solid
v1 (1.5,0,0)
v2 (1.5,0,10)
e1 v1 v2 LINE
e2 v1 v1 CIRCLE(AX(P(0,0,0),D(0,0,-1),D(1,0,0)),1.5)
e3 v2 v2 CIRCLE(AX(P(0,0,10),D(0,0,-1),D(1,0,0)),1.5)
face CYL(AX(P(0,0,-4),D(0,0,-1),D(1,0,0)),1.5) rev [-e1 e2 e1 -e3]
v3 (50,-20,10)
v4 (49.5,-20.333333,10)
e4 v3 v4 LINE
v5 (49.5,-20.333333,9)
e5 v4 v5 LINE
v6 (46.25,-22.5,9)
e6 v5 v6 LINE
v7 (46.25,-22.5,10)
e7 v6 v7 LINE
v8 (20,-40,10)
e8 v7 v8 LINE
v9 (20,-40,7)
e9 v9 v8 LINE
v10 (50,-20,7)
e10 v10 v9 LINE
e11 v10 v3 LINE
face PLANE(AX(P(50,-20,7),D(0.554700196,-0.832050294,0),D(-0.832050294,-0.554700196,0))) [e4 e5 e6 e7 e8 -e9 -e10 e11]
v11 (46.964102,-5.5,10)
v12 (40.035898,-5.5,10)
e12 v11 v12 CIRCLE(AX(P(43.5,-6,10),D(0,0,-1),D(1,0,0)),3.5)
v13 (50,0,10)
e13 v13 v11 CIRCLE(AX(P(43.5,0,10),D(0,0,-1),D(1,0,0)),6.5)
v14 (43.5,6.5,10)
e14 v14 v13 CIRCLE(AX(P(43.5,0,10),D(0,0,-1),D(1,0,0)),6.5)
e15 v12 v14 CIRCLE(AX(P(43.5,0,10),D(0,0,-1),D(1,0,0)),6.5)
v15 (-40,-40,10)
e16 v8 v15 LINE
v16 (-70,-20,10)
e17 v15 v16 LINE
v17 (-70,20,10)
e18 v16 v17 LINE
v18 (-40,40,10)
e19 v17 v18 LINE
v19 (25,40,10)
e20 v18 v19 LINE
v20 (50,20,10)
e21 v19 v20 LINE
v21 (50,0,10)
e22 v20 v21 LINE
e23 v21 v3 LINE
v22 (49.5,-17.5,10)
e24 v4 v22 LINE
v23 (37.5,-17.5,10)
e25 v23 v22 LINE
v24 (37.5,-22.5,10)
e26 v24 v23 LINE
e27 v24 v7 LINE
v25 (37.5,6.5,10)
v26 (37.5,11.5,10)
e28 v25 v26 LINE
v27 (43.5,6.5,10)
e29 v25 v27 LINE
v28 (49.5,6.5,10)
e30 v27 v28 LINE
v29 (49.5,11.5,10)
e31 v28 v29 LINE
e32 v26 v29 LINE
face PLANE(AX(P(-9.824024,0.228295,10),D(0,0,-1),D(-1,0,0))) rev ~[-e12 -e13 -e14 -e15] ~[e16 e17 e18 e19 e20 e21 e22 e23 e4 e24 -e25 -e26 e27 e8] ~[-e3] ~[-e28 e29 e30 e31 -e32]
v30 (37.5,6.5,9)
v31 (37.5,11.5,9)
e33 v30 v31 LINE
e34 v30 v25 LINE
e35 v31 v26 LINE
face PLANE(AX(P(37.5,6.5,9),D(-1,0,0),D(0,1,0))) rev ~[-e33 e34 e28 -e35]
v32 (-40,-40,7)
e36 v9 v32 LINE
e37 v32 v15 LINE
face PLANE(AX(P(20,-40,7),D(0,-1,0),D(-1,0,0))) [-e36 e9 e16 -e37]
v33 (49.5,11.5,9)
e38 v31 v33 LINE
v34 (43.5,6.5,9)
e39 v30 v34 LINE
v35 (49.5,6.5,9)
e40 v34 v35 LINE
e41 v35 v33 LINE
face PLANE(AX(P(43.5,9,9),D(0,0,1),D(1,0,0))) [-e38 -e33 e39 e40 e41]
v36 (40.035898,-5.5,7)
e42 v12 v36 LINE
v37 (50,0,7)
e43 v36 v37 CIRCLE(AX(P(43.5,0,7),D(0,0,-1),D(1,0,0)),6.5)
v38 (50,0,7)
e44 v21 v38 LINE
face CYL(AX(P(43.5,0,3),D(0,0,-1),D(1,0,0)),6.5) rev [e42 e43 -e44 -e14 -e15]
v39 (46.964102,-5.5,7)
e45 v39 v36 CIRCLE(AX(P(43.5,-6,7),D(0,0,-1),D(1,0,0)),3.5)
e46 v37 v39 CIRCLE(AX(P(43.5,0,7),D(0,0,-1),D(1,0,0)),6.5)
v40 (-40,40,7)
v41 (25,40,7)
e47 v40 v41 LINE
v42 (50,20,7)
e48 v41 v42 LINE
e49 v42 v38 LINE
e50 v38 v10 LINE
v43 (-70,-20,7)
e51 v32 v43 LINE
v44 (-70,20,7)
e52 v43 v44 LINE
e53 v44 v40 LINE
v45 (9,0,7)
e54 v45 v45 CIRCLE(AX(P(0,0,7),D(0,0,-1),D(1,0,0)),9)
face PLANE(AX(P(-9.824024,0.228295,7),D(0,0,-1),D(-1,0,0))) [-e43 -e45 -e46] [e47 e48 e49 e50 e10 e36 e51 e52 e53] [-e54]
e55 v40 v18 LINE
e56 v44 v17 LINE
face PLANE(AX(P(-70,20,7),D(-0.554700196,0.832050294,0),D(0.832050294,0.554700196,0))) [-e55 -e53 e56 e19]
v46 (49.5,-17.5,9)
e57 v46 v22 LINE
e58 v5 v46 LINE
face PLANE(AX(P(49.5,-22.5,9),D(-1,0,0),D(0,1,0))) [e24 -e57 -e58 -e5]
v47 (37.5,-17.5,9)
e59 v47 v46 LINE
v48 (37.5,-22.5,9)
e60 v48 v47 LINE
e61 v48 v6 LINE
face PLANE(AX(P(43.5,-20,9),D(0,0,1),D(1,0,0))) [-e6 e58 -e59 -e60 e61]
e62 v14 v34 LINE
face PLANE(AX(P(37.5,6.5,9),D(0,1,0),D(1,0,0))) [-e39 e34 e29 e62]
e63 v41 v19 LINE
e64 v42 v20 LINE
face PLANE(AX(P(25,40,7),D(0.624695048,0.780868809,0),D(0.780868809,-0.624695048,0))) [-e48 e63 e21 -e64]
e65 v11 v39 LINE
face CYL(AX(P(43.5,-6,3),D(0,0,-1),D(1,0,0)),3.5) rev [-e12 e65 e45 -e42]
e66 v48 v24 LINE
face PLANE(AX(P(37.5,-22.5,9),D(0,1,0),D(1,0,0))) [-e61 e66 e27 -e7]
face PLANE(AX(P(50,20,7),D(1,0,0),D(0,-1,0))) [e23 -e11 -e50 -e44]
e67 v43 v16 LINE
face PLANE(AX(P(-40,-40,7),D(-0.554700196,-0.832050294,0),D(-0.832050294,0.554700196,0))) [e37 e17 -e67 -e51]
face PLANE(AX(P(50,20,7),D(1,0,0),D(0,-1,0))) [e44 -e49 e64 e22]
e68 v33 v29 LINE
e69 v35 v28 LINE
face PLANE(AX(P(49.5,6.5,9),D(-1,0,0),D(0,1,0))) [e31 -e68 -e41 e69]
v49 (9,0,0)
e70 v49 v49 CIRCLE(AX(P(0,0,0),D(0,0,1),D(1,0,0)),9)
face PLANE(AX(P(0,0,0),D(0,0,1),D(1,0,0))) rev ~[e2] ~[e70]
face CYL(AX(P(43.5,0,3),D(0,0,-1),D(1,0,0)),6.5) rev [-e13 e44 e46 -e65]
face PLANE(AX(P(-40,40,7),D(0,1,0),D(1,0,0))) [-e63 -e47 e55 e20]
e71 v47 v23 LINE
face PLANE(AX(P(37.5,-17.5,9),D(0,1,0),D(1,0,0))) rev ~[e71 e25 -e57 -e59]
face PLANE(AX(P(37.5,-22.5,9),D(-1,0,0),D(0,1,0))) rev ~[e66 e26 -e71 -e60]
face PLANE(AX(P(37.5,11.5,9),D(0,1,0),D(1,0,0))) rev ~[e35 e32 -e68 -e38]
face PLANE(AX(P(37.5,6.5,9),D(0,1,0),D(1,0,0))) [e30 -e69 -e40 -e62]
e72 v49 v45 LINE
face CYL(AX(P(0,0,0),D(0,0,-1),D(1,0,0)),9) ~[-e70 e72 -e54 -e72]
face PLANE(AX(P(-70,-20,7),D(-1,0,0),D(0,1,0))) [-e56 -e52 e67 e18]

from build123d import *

# Parameters (mm, degrees)
BOX003_W          = 12
BOX003_H          = 5
BOX003_DEPTH      = 9
BOX002_W          = 12
BOX002_H          = 5
BOX002_DEPTH      = 9
CYLINDER007_R     = 3.5
CYLINDER007_DEPTH = 10
CYLINDER006_R     = 6.5
CYLINDER006_DEPTH = 10
BOX001_W          = 11
BOX001_H          = 4
BOX001_DEPTH      = 9
CYLINDER005_R     = 1.5
CYLINDER005_DEPTH = 20
PAD003_DEPTH      = 3
CYLINDER001_R     = 9
CYLINDER001_DEPTH = 9


with BuildPart() as cube003:
    # Box003 → Box003 (new body)
    with BuildSketch(Plane(origin=(37.5, -22.5, 9), x_dir=(1, 0, 0), z_dir=(0, 0, 1))):
        with Locations((6, 2.5)):
            Rectangle(BOX003_W, BOX003_H)
    extrude(amount=BOX003_DEPTH)


with BuildPart() as fusion006:
    # Box002 → Box002 (new body)
    with BuildSketch(Plane(origin=(37.5, 6.5, 9), x_dir=(1, 0, 0), z_dir=(0, 0, 1))):
        with Locations((6, 2.5)):
            Rectangle(BOX002_W, BOX002_H)
    extrude(amount=BOX002_DEPTH)

    # Fusion006: union Cube003
    add(cube003.part)


with BuildPart() as cylinder007:
    # Cylinder007 → Cylinder007 (new body)
    with BuildSketch(Plane(origin=(43.5, -6, 3), x_dir=(1, 0, 0), z_dir=(0, 0, 1))):
        Circle(CYLINDER007_R)
    extrude(amount=CYLINDER007_DEPTH)


with BuildPart() as fusion005:
    # Cylinder006 → Cylinder006 (new body)
    with BuildSketch(Plane(origin=(43.5, 0, 3), x_dir=(1, 0, 0), z_dir=(0, 0, 1))):
        Circle(CYLINDER006_R)
    extrude(amount=CYLINDER006_DEPTH)

    # Fusion005: union Cylinder007
    add(cylinder007.part)


with BuildPart() as cube001:
    # Box001 → Box001 (new body)
    with BuildSketch(Plane(origin=(38, 7, 9), x_dir=(1, 0, 0), z_dir=(0, 0, 1))):
        with Locations((5.5, 2)):
            Rectangle(BOX001_W, BOX001_H)
    extrude(amount=BOX001_DEPTH)


with BuildPart() as clone_of_cube001:
    # Clone001 base: copy of Cube001
    add(cube001.part)


with BuildPart() as clone_of_cube001_1:
    # Clone001 placement: moved
    add(clone_of_cube001.part.moved(Location((0, -29, 0))))


with BuildPart() as cylinder005:
    # Cylinder005 → Cylinder005 (new body)
    with BuildSketch(Plane.XY.offset(-4)):
        Circle(CYLINDER005_R)
    extrude(amount=CYLINDER005_DEPTH)


with BuildPart() as pad003:
    # Sketch003 → Pad003 (new body)
    with BuildSketch(Plane(origin=(-30, 0, 7), x_dir=(1, 0, 0), z_dir=(0, 0, 1))):
        Polygon((-40, 20), (-10, 40), (55, 40), (80, 20), (80, -20), (50, -40), (-10, -40), (-40, -20), align=None)
    extrude(amount=PAD003_DEPTH)


with BuildPart() as top_panel001:
    # Cylinder001 → Cylinder001 (new body)
    with BuildSketch(Plane.XY):
        Circle(CYLINDER001_R)
    extrude(amount=CYLINDER001_DEPTH)

    # Fusion003: union Pad003
    add(pad003.part)

    # Cut004: cut Cylinder005
    add(cylinder005.part, mode=Mode.SUBTRACT)

    # Fusion004: union Cube001, Clone of Cube001
    add(cube001.part)
    add(clone_of_cube001_1.part)

    # Cut005: cut Fusion005
    add(fusion005.part, mode=Mode.SUBTRACT)

    # Cut006: cut Fusion006
    add(fusion006.part, mode=Mode.SUBTRACT)


solid = top_panel001.part
